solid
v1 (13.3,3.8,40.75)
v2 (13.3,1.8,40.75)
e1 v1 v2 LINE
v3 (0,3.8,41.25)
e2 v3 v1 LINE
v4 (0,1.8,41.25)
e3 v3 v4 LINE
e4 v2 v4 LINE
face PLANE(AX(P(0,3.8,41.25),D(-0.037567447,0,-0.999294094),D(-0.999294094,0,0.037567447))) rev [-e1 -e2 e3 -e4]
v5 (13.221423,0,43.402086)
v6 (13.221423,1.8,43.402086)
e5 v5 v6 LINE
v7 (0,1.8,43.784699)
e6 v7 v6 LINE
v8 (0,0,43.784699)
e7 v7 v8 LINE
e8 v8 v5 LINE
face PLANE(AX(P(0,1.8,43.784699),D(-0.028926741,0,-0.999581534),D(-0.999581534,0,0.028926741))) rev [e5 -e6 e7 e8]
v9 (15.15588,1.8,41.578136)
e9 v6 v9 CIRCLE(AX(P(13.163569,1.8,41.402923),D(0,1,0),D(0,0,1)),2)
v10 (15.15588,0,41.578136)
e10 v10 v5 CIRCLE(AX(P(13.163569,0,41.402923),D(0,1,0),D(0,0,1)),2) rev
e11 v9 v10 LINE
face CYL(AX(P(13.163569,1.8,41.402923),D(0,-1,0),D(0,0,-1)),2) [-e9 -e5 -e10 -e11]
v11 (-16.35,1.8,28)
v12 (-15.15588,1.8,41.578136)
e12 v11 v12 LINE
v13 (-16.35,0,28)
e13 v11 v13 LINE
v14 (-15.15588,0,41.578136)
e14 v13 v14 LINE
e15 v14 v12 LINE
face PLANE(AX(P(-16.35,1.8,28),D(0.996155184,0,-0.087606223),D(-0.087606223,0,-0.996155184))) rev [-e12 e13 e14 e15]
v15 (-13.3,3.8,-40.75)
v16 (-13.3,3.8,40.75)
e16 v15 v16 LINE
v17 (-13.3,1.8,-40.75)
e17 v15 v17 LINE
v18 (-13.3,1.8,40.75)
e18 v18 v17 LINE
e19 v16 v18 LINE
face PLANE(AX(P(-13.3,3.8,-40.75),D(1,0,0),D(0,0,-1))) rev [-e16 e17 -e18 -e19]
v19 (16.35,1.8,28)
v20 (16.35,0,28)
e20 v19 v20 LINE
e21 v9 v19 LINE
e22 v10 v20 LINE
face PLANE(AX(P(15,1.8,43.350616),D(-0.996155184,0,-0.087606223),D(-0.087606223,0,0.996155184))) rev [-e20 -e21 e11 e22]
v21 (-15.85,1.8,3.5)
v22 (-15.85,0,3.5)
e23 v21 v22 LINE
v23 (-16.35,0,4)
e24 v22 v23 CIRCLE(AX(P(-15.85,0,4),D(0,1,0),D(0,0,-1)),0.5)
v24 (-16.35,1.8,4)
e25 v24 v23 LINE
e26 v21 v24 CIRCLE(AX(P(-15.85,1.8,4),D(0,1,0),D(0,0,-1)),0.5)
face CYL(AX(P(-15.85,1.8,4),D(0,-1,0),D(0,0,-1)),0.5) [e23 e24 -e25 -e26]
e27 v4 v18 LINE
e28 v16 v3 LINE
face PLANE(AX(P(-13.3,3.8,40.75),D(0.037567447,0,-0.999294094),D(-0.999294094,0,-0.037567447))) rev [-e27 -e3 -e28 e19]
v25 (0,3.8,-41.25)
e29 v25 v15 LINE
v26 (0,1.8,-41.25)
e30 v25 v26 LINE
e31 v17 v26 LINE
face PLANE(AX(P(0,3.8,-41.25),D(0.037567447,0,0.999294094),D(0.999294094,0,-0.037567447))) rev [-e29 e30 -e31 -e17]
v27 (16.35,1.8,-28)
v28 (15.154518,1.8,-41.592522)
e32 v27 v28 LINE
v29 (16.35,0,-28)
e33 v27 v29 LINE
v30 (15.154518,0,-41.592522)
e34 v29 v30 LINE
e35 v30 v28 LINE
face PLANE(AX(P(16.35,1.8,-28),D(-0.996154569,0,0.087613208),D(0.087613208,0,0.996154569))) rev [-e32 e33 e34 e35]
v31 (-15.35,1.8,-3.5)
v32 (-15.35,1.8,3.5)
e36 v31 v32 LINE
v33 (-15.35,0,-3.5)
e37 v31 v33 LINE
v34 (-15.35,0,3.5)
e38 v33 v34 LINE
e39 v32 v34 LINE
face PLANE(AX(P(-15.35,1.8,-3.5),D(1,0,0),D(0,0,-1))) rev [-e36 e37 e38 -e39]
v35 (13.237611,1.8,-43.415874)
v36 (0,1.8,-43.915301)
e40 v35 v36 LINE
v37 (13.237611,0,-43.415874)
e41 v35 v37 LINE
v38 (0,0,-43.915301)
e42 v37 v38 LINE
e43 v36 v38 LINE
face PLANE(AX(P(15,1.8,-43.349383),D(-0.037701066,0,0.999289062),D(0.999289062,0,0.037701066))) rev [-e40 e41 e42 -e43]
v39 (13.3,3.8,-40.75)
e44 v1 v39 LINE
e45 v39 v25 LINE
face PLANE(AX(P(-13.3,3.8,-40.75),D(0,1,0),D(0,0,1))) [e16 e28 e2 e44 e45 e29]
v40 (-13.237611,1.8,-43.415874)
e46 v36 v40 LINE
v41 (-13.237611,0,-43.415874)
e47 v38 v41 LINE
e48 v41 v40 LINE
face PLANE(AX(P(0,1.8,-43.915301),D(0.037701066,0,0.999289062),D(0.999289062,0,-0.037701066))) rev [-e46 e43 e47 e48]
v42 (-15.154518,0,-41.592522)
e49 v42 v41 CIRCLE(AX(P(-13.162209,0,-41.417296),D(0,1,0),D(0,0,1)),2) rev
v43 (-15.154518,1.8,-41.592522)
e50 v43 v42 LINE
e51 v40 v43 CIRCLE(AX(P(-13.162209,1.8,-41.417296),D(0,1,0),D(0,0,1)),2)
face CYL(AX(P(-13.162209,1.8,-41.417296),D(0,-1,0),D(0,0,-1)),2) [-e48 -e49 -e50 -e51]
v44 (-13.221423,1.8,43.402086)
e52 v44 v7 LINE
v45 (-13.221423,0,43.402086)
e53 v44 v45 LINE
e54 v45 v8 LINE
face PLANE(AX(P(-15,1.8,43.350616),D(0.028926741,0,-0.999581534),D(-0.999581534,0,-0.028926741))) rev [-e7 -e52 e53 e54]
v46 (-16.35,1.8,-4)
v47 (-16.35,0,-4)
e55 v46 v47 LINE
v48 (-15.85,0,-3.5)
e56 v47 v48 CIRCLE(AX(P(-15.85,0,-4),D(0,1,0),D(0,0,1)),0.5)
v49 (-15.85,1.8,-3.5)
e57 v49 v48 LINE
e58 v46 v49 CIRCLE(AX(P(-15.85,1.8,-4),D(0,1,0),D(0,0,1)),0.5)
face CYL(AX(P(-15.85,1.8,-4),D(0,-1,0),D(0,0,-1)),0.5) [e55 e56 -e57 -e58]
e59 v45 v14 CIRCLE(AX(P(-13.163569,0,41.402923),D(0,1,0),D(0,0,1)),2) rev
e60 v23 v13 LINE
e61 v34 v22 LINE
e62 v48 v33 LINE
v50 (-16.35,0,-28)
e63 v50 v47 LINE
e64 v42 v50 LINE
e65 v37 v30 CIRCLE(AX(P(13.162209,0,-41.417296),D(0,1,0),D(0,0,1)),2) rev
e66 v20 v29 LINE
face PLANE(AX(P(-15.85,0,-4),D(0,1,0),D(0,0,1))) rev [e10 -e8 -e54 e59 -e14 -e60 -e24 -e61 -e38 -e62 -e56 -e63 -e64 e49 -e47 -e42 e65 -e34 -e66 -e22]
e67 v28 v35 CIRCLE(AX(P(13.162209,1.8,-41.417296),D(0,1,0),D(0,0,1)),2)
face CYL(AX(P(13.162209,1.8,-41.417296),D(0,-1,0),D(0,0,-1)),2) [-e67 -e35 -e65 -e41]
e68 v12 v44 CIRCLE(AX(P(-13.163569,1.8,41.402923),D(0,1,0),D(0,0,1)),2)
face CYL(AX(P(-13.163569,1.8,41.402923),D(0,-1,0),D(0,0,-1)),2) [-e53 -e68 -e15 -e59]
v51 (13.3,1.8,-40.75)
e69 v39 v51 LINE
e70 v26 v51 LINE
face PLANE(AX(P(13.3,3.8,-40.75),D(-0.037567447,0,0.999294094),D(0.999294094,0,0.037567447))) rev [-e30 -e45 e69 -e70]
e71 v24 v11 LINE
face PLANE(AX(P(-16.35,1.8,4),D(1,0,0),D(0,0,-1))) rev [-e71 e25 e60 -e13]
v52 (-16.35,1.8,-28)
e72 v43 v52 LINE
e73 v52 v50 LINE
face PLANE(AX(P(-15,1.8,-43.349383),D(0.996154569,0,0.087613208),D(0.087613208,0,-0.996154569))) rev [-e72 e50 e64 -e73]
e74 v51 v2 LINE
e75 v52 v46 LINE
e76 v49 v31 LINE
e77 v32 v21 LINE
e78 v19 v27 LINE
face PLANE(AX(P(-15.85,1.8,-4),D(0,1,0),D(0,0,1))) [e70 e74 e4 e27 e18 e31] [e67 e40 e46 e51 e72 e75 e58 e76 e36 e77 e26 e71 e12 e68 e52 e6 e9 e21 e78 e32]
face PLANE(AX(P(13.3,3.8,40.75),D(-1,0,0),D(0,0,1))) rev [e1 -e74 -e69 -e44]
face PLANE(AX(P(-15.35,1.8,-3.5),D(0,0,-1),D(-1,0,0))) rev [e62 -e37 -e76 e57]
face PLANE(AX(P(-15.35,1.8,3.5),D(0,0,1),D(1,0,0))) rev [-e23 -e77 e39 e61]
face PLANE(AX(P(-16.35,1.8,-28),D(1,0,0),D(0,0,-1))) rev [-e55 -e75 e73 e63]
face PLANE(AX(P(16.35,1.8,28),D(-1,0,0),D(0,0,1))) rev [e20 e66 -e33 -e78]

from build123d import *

# Parameters (mm, degrees)
EXTRUDE_1_DEPTH = 1.8
EXTRUDE_2_DEPTH = 3.8
FILLET_1_R      = 2


with BuildPart() as part:
    # Эскиз1 → Бобышка-Вытянуть1 (new body)
    with BuildSketch(Plane(origin=(0, 0, 0), x_dir=(1, 0, 0), z_dir=(0, 1, 0))):
        with BuildLine():
            Line((-15, 43.349382745), (-16.35, 28))
            Line((-16.35, 28), (-16.35, 4))
            ThreePointArc((-16.35, 4), (-16.203553391, 3.646446609), (-15.85, 3.5))
            Line((-15.85, 3.5), (-15.35, 3.5))
            Line((-15.35, 3.5), (-15.35, -3.5))
            Line((-15.35, -3.5), (-15.85, -3.5))
            ThreePointArc((-15.85, -3.5), (-16.203553391, -3.646446609), (-16.35, -4))
            Line((-16.35, -4), (-16.35, -28))
            Line((-16.35, -28), (-15, -43.35061617))
            Line((-15, -43.35061617), (0, -43.784698928))
            Line((0, -43.784698928), (15, -43.35061617))
            Line((15, -43.35061617), (16.35, -28))
            Line((16.35, -28), (16.35, 28))
            Line((16.35, 28), (15, 43.349382745))
            Line((15, 43.349382745), (0, 43.915301072))
            Line((0, 43.915301072), (-15, 43.349382745))
        make_face()
    extrude(amount=EXTRUDE_1_DEPTH)

    # Эскиз4 → Бобышка-Вытянуть2 (add)
    with BuildSketch(Plane(origin=(0, 0, 0), x_dir=(1, 0, 0), z_dir=(0, 1, 0))):
        Polygon((-13.3, 40.75), (-13.3, -40.75), (0, -41.25), (13.3, -40.75), (13.3, 40.75), (0, 41.25), align=None)
    extrude(amount=EXTRUDE_2_DEPTH)

    # Скругление1
    fillet_1_edges = [part.edges().sort_by_distance(p)[0] for p in [
        (-15, 0.9, -43.349382745),
        (15, 0.9, -43.349382745),
        (15, 0.9, 43.35061617),
        (-15, 0.9, 43.35061617),
    ]]
    fillet(fillet_1_edges, radius=FILLET_1_R)


solid = part.part
